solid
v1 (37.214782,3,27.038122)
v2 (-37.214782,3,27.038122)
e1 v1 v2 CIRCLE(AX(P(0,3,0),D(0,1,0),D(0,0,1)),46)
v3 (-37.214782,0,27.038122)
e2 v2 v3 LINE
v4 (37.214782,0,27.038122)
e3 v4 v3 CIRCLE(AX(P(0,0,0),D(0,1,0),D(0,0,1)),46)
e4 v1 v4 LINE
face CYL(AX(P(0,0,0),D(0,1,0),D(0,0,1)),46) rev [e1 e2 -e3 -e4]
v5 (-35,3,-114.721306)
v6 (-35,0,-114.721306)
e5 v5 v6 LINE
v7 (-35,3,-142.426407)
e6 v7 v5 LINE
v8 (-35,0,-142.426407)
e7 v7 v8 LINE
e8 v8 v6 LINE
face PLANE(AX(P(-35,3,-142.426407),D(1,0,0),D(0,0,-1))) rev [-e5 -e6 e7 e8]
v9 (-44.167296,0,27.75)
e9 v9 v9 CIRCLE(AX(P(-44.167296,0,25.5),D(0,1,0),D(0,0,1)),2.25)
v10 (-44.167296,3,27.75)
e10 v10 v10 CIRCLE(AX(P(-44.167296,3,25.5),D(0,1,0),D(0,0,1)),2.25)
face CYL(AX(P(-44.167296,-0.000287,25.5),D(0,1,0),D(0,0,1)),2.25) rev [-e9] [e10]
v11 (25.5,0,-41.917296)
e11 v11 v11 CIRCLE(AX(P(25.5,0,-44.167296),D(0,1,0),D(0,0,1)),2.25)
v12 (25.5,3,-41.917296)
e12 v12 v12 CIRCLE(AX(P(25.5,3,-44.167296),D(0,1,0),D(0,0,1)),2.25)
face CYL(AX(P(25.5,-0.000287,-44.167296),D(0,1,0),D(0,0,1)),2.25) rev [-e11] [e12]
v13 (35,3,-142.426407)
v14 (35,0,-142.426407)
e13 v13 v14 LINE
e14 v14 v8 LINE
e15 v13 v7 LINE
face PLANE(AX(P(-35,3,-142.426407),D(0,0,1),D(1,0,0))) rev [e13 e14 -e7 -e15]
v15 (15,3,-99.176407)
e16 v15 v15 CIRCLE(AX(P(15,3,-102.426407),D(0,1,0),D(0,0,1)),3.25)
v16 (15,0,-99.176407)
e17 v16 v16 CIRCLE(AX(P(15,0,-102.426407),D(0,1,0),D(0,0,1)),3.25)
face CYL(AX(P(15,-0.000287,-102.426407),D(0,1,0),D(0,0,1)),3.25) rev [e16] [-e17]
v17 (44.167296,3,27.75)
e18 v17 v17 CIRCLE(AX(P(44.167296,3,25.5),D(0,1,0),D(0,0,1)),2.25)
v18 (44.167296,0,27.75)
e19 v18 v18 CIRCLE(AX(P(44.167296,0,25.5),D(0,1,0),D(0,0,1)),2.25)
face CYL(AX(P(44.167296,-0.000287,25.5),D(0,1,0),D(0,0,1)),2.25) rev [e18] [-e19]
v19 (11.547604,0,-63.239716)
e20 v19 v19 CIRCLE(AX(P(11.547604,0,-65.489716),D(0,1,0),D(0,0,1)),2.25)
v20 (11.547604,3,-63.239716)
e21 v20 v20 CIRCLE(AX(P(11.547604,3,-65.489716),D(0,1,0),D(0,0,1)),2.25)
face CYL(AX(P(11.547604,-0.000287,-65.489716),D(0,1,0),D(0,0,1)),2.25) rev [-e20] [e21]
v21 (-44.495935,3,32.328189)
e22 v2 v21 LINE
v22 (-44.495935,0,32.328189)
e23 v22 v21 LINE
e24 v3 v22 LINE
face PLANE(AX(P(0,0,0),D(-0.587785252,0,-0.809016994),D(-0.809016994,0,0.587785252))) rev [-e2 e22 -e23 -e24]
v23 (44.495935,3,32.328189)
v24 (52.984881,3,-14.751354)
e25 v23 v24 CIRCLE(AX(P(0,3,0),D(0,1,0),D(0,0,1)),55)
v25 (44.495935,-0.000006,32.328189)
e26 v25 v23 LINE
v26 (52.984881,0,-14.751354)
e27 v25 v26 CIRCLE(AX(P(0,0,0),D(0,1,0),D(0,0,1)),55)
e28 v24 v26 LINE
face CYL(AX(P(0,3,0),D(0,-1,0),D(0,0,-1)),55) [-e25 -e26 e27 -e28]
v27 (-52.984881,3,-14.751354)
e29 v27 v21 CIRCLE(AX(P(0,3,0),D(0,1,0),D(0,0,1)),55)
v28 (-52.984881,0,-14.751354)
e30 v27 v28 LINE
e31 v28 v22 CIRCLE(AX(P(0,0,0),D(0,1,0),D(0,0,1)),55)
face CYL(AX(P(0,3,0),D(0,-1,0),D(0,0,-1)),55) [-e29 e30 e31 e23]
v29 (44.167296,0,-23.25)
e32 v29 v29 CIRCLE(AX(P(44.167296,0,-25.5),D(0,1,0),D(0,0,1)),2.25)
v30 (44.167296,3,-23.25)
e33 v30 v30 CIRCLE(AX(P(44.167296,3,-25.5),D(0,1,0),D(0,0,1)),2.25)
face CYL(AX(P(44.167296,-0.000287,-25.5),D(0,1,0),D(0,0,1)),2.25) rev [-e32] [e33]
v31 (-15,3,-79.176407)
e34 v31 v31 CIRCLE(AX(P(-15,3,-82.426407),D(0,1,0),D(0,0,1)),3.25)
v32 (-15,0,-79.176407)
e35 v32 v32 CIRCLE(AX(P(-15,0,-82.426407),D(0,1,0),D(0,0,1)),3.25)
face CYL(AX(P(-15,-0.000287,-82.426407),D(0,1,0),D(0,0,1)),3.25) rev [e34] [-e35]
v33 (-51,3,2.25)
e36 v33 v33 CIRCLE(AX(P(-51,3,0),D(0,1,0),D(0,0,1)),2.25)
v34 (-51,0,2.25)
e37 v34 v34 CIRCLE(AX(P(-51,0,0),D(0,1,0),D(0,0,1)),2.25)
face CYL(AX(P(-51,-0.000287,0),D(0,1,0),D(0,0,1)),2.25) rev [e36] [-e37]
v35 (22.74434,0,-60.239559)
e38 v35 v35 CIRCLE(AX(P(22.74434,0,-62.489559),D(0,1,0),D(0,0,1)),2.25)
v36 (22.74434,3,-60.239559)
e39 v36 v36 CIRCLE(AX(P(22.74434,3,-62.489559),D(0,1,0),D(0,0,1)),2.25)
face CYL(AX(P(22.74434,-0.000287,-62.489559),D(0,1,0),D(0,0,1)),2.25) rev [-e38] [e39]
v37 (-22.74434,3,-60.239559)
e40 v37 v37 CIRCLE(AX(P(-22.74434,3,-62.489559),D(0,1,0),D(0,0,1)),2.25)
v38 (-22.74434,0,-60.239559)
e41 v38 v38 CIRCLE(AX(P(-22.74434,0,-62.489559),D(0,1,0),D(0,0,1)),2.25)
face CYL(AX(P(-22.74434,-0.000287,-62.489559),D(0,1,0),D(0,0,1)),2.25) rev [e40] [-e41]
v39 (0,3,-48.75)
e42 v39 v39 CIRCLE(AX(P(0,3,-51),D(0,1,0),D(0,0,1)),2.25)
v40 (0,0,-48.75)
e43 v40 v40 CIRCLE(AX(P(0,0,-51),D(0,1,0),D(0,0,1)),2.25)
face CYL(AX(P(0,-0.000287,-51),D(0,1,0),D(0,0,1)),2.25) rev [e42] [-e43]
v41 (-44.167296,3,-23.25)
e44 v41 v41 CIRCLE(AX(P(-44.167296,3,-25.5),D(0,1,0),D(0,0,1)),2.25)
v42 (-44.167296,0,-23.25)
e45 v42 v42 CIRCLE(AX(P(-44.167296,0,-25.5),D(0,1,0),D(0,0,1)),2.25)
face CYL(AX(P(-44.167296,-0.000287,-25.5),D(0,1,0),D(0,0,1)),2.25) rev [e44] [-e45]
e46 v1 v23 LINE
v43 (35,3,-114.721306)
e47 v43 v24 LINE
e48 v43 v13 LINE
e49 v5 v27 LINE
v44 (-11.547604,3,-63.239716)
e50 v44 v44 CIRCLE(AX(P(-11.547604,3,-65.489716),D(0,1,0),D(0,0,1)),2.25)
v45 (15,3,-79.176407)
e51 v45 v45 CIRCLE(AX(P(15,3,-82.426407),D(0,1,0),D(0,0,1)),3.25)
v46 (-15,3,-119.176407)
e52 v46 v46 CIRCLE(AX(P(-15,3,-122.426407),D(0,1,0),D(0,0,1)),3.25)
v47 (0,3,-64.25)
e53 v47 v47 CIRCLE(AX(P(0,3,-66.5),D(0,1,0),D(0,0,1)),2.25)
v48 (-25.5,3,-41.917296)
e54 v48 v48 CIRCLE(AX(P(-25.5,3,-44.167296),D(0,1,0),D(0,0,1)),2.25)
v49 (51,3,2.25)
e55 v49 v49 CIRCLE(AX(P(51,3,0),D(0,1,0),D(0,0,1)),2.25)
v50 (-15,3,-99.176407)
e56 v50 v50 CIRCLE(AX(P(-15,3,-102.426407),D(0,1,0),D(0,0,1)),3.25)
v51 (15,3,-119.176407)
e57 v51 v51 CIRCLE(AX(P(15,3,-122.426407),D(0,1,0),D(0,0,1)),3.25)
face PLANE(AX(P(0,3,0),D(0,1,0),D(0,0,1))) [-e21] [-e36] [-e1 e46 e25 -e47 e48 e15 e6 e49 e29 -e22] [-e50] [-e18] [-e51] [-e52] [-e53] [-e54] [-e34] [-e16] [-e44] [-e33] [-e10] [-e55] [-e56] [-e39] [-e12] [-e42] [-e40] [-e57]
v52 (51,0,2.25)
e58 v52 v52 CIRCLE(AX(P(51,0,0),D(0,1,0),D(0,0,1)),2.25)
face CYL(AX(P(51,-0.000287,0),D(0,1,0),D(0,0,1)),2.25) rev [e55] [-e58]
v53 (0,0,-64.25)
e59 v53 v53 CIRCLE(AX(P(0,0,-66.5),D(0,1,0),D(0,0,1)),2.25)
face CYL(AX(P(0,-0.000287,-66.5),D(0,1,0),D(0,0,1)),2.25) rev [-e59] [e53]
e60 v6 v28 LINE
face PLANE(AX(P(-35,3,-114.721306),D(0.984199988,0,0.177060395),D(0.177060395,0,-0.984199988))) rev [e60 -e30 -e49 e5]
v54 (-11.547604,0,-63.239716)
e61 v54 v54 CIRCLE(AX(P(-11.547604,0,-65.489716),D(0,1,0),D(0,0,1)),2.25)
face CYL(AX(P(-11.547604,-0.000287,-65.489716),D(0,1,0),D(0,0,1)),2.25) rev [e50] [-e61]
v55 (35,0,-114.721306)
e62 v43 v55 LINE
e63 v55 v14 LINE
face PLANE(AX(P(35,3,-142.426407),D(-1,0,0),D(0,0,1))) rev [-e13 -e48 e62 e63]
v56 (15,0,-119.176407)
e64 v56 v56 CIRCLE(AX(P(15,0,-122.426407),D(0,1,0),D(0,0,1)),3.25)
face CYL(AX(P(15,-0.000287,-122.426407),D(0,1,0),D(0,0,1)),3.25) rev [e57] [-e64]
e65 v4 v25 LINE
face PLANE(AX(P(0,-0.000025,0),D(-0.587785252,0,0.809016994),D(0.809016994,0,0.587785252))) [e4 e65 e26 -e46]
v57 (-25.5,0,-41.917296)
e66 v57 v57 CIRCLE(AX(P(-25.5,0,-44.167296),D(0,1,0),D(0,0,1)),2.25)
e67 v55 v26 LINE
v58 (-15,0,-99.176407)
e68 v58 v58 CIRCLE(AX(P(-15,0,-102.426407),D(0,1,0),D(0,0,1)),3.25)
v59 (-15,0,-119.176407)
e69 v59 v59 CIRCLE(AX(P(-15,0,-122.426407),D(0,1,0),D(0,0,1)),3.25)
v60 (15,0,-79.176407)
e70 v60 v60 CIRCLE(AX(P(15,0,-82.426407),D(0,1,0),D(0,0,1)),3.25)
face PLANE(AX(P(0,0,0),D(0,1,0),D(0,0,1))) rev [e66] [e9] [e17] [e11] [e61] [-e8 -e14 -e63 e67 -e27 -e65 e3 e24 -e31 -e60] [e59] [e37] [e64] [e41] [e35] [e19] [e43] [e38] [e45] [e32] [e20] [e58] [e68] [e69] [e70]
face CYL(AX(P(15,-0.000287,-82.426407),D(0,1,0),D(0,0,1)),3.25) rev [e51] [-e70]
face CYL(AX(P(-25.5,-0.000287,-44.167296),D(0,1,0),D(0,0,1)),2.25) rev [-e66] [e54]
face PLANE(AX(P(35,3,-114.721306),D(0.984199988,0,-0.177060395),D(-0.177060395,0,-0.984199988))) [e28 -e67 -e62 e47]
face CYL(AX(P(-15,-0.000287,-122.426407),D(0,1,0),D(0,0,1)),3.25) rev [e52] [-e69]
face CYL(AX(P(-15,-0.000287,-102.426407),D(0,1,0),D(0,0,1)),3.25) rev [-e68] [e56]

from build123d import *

# Parameters (mm, degrees)
SKETCH1_R                       = 55
BOSS_EXTRUDE1_DEPTH             = 3
SKETCH2_W                       = 70
SKETCH2_H                       = 100
BOSS_EXTRUDE2_DEPTH             = 3
BOSS_EXTRUDE3_DEPTH             = 3
SKETCH4_R                       = 46
CUT_EXTRUDE2_DEPTH              = 1
CUT_EXTRUDE2_DEPTH_BACK         = 4
CUT_EXTRUDE5_START              = -4
CUT_EXTRUDE5_DEPTH              = 5
CUT_EXTRUDE3_START              = -4
SKETCH5_R                       = 2.25
CUT_EXTRUDE3_DEPTH              = 5
CIRPATTERN1_COUNT               = 12
CUT_EXTRUDE4_START              = -4
SKETCH6_R                       = 3.25
CUT_EXTRUDE4_DEPTH              = 5
LPATTERN1_COUNT                 = 3
LPATTERN1_PITCH                 = 20
CUT_EXTRUDE6_START              = -1
SKETCH8_R                       = 2.25
CUT_EXTRUDE6_DEPTH              = 5
CIRPATTERN2_COUNT               = 3
CIRPATTERN2_ANGLE               = 20
CIRPATTERN2_THE_OTHER_WAY_COUNT = 3
CIRPATTERN2_THE_OTHER_WAY_ANGLE = 20


with BuildPart() as part:
    # Sketch1 → Boss-Extrude1 (new body)
    with BuildSketch(Plane(origin=(0, 0, 0), x_dir=(1, 0, 0), z_dir=(0, 1, 0))):
        Circle(SKETCH1_R)
    extrude(amount=BOSS_EXTRUDE1_DEPTH)

    # Sketch2 → Boss-Extrude2 (add)
    with BuildSketch(Plane(origin=(0, 0, 0), x_dir=(1, 0, 0), z_dir=(0, 1, 0))):
        with Locations((0, 92.426406871)):
            Rectangle(SKETCH2_W, SKETCH2_H)
    extrude(amount=BOSS_EXTRUDE2_DEPTH)

    # Sketch9 → Boss-Extrude3 (add)
    with BuildSketch(Plane(origin=(0, 0, 0), x_dir=(1, 0, 0), z_dir=(0, 1, 0))):
        Polygon((-35, 114.721305974), (-52.984880526, 14.751353687), (-17.871452142, 14.751353687), align=None)
    boss_extrude3 = extrude(amount=BOSS_EXTRUDE3_DEPTH)

    # Mirror2: Boss-Extrude3 across plane
    add(boss_extrude3.mirror(Plane(origin=(0, 0, 0), x_dir=(0, 0, 1), z_dir=(1, 0, 0))))

    # Sketch4 → Cut-Extrude2 (cut, two sides)
    with BuildSketch(Plane(origin=(0, 3, 0), x_dir=(1, 0, 0), z_dir=(0, 1, 0))) as cut_extrude2_sk:
        Circle(SKETCH4_R)
    extrude(amount=CUT_EXTRUDE2_DEPTH, mode=Mode.SUBTRACT)
    extrude(cut_extrude2_sk.sketch, amount=-CUT_EXTRUDE2_DEPTH_BACK, mode=Mode.SUBTRACT)

    # Sketch7 → Cut-Extrude5 (cut)
    with BuildSketch(Plane(origin=(0, 3, 0), x_dir=(1, 0, 0), z_dir=(0, 1, 0)).offset(CUT_EXTRUDE5_START)):
        with BuildLine():
            Line((0, 0), (0, -55))
            ThreePointArc((0, -55), (-24.969477486, -49.00535883), (-44.495934691, -32.328188876))
            Line((-44.495934691, -32.328188876), (0, 0))
        make_face()
    cut_extrude5 = extrude(amount=CUT_EXTRUDE5_DEPTH, mode=Mode.SUBTRACT)

    # Mirror1: Cut-Extrude5 across plane
    add(cut_extrude5.mirror(Plane(origin=(0, 0, 0), x_dir=(0, 0, 1), z_dir=(1, 0, 0))), mode=Mode.SUBTRACT)

    # Sketch5 → Cut-Extrude3 (cut)
    with BuildSketch(Plane(origin=(0, 3, 0), x_dir=(1, 0, 0), z_dir=(0, 1, 0)).offset(CUT_EXTRUDE3_START)):
        with Locations((0, 51)):
            Circle(SKETCH5_R)
    cut_extrude3 = extrude(amount=CUT_EXTRUDE3_DEPTH, mode=Mode.SUBTRACT)

    # CirPattern1: Cut-Extrude3 ×12 about axis
    cirpattern1_axis = Axis((0, 0, 0), (0, 1, 0))
    for i in range(1, CIRPATTERN1_COUNT):
        add(cut_extrude3.rotate(cirpattern1_axis, i * 360 / CIRPATTERN1_COUNT), mode=Mode.SUBTRACT)

    # Sketch6 → Cut-Extrude4 (cut)
    with BuildSketch(Plane(origin=(0, 3, 0), x_dir=(1, 0, 0), z_dir=(0, 1, 0)).offset(CUT_EXTRUDE4_START)):
        with Locations((15, 122.426406871)):
            Circle(SKETCH6_R)
        with Locations((-15, 122.426406871)):
            Circle(SKETCH6_R)
    cut_extrude4 = extrude(amount=CUT_EXTRUDE4_DEPTH, mode=Mode.SUBTRACT)

    # LPattern1: Cut-Extrude4 ×3
    with Locations(*[(0, 0, i * LPATTERN1_PITCH) for i in range(1, LPATTERN1_COUNT)]):
        add(cut_extrude4, mode=Mode.SUBTRACT)

    # Sketch8 → Cut-Extrude6 (cut)
    with BuildSketch(Plane(origin=(0, 0, 0), x_dir=(1, 0, 0), z_dir=(0, 1, 0)).offset(CUT_EXTRUDE6_START)):
        with Locations((0, 66.5)):
            Circle(SKETCH8_R)
    cut_extrude6 = extrude(amount=CUT_EXTRUDE6_DEPTH, mode=Mode.SUBTRACT)

    # CirPattern2: Cut-Extrude6 ×3 about axis
    cirpattern2_axis = Axis((0, 0, 0), (0, 1, 0))
    for i in range(1, CIRPATTERN2_COUNT):
        add(cut_extrude6.rotate(cirpattern2_axis, i * CIRPATTERN2_ANGLE / (CIRPATTERN2_COUNT - 1)), mode=Mode.SUBTRACT)

    # CirPattern2 the other way: Cut-Extrude6 ×3 about axis
    cirpattern2_the_other_way_axis = Axis((0, 0, 0), (0, -1, 0))
    for i in range(1, CIRPATTERN2_THE_OTHER_WAY_COUNT):
        add(cut_extrude6.rotate(cirpattern2_the_other_way_axis, i * CIRPATTERN2_THE_OTHER_WAY_ANGLE / (CIRPATTERN2_THE_OTHER_WAY_COUNT - 1)), mode=Mode.SUBTRACT)


solid = part.part
